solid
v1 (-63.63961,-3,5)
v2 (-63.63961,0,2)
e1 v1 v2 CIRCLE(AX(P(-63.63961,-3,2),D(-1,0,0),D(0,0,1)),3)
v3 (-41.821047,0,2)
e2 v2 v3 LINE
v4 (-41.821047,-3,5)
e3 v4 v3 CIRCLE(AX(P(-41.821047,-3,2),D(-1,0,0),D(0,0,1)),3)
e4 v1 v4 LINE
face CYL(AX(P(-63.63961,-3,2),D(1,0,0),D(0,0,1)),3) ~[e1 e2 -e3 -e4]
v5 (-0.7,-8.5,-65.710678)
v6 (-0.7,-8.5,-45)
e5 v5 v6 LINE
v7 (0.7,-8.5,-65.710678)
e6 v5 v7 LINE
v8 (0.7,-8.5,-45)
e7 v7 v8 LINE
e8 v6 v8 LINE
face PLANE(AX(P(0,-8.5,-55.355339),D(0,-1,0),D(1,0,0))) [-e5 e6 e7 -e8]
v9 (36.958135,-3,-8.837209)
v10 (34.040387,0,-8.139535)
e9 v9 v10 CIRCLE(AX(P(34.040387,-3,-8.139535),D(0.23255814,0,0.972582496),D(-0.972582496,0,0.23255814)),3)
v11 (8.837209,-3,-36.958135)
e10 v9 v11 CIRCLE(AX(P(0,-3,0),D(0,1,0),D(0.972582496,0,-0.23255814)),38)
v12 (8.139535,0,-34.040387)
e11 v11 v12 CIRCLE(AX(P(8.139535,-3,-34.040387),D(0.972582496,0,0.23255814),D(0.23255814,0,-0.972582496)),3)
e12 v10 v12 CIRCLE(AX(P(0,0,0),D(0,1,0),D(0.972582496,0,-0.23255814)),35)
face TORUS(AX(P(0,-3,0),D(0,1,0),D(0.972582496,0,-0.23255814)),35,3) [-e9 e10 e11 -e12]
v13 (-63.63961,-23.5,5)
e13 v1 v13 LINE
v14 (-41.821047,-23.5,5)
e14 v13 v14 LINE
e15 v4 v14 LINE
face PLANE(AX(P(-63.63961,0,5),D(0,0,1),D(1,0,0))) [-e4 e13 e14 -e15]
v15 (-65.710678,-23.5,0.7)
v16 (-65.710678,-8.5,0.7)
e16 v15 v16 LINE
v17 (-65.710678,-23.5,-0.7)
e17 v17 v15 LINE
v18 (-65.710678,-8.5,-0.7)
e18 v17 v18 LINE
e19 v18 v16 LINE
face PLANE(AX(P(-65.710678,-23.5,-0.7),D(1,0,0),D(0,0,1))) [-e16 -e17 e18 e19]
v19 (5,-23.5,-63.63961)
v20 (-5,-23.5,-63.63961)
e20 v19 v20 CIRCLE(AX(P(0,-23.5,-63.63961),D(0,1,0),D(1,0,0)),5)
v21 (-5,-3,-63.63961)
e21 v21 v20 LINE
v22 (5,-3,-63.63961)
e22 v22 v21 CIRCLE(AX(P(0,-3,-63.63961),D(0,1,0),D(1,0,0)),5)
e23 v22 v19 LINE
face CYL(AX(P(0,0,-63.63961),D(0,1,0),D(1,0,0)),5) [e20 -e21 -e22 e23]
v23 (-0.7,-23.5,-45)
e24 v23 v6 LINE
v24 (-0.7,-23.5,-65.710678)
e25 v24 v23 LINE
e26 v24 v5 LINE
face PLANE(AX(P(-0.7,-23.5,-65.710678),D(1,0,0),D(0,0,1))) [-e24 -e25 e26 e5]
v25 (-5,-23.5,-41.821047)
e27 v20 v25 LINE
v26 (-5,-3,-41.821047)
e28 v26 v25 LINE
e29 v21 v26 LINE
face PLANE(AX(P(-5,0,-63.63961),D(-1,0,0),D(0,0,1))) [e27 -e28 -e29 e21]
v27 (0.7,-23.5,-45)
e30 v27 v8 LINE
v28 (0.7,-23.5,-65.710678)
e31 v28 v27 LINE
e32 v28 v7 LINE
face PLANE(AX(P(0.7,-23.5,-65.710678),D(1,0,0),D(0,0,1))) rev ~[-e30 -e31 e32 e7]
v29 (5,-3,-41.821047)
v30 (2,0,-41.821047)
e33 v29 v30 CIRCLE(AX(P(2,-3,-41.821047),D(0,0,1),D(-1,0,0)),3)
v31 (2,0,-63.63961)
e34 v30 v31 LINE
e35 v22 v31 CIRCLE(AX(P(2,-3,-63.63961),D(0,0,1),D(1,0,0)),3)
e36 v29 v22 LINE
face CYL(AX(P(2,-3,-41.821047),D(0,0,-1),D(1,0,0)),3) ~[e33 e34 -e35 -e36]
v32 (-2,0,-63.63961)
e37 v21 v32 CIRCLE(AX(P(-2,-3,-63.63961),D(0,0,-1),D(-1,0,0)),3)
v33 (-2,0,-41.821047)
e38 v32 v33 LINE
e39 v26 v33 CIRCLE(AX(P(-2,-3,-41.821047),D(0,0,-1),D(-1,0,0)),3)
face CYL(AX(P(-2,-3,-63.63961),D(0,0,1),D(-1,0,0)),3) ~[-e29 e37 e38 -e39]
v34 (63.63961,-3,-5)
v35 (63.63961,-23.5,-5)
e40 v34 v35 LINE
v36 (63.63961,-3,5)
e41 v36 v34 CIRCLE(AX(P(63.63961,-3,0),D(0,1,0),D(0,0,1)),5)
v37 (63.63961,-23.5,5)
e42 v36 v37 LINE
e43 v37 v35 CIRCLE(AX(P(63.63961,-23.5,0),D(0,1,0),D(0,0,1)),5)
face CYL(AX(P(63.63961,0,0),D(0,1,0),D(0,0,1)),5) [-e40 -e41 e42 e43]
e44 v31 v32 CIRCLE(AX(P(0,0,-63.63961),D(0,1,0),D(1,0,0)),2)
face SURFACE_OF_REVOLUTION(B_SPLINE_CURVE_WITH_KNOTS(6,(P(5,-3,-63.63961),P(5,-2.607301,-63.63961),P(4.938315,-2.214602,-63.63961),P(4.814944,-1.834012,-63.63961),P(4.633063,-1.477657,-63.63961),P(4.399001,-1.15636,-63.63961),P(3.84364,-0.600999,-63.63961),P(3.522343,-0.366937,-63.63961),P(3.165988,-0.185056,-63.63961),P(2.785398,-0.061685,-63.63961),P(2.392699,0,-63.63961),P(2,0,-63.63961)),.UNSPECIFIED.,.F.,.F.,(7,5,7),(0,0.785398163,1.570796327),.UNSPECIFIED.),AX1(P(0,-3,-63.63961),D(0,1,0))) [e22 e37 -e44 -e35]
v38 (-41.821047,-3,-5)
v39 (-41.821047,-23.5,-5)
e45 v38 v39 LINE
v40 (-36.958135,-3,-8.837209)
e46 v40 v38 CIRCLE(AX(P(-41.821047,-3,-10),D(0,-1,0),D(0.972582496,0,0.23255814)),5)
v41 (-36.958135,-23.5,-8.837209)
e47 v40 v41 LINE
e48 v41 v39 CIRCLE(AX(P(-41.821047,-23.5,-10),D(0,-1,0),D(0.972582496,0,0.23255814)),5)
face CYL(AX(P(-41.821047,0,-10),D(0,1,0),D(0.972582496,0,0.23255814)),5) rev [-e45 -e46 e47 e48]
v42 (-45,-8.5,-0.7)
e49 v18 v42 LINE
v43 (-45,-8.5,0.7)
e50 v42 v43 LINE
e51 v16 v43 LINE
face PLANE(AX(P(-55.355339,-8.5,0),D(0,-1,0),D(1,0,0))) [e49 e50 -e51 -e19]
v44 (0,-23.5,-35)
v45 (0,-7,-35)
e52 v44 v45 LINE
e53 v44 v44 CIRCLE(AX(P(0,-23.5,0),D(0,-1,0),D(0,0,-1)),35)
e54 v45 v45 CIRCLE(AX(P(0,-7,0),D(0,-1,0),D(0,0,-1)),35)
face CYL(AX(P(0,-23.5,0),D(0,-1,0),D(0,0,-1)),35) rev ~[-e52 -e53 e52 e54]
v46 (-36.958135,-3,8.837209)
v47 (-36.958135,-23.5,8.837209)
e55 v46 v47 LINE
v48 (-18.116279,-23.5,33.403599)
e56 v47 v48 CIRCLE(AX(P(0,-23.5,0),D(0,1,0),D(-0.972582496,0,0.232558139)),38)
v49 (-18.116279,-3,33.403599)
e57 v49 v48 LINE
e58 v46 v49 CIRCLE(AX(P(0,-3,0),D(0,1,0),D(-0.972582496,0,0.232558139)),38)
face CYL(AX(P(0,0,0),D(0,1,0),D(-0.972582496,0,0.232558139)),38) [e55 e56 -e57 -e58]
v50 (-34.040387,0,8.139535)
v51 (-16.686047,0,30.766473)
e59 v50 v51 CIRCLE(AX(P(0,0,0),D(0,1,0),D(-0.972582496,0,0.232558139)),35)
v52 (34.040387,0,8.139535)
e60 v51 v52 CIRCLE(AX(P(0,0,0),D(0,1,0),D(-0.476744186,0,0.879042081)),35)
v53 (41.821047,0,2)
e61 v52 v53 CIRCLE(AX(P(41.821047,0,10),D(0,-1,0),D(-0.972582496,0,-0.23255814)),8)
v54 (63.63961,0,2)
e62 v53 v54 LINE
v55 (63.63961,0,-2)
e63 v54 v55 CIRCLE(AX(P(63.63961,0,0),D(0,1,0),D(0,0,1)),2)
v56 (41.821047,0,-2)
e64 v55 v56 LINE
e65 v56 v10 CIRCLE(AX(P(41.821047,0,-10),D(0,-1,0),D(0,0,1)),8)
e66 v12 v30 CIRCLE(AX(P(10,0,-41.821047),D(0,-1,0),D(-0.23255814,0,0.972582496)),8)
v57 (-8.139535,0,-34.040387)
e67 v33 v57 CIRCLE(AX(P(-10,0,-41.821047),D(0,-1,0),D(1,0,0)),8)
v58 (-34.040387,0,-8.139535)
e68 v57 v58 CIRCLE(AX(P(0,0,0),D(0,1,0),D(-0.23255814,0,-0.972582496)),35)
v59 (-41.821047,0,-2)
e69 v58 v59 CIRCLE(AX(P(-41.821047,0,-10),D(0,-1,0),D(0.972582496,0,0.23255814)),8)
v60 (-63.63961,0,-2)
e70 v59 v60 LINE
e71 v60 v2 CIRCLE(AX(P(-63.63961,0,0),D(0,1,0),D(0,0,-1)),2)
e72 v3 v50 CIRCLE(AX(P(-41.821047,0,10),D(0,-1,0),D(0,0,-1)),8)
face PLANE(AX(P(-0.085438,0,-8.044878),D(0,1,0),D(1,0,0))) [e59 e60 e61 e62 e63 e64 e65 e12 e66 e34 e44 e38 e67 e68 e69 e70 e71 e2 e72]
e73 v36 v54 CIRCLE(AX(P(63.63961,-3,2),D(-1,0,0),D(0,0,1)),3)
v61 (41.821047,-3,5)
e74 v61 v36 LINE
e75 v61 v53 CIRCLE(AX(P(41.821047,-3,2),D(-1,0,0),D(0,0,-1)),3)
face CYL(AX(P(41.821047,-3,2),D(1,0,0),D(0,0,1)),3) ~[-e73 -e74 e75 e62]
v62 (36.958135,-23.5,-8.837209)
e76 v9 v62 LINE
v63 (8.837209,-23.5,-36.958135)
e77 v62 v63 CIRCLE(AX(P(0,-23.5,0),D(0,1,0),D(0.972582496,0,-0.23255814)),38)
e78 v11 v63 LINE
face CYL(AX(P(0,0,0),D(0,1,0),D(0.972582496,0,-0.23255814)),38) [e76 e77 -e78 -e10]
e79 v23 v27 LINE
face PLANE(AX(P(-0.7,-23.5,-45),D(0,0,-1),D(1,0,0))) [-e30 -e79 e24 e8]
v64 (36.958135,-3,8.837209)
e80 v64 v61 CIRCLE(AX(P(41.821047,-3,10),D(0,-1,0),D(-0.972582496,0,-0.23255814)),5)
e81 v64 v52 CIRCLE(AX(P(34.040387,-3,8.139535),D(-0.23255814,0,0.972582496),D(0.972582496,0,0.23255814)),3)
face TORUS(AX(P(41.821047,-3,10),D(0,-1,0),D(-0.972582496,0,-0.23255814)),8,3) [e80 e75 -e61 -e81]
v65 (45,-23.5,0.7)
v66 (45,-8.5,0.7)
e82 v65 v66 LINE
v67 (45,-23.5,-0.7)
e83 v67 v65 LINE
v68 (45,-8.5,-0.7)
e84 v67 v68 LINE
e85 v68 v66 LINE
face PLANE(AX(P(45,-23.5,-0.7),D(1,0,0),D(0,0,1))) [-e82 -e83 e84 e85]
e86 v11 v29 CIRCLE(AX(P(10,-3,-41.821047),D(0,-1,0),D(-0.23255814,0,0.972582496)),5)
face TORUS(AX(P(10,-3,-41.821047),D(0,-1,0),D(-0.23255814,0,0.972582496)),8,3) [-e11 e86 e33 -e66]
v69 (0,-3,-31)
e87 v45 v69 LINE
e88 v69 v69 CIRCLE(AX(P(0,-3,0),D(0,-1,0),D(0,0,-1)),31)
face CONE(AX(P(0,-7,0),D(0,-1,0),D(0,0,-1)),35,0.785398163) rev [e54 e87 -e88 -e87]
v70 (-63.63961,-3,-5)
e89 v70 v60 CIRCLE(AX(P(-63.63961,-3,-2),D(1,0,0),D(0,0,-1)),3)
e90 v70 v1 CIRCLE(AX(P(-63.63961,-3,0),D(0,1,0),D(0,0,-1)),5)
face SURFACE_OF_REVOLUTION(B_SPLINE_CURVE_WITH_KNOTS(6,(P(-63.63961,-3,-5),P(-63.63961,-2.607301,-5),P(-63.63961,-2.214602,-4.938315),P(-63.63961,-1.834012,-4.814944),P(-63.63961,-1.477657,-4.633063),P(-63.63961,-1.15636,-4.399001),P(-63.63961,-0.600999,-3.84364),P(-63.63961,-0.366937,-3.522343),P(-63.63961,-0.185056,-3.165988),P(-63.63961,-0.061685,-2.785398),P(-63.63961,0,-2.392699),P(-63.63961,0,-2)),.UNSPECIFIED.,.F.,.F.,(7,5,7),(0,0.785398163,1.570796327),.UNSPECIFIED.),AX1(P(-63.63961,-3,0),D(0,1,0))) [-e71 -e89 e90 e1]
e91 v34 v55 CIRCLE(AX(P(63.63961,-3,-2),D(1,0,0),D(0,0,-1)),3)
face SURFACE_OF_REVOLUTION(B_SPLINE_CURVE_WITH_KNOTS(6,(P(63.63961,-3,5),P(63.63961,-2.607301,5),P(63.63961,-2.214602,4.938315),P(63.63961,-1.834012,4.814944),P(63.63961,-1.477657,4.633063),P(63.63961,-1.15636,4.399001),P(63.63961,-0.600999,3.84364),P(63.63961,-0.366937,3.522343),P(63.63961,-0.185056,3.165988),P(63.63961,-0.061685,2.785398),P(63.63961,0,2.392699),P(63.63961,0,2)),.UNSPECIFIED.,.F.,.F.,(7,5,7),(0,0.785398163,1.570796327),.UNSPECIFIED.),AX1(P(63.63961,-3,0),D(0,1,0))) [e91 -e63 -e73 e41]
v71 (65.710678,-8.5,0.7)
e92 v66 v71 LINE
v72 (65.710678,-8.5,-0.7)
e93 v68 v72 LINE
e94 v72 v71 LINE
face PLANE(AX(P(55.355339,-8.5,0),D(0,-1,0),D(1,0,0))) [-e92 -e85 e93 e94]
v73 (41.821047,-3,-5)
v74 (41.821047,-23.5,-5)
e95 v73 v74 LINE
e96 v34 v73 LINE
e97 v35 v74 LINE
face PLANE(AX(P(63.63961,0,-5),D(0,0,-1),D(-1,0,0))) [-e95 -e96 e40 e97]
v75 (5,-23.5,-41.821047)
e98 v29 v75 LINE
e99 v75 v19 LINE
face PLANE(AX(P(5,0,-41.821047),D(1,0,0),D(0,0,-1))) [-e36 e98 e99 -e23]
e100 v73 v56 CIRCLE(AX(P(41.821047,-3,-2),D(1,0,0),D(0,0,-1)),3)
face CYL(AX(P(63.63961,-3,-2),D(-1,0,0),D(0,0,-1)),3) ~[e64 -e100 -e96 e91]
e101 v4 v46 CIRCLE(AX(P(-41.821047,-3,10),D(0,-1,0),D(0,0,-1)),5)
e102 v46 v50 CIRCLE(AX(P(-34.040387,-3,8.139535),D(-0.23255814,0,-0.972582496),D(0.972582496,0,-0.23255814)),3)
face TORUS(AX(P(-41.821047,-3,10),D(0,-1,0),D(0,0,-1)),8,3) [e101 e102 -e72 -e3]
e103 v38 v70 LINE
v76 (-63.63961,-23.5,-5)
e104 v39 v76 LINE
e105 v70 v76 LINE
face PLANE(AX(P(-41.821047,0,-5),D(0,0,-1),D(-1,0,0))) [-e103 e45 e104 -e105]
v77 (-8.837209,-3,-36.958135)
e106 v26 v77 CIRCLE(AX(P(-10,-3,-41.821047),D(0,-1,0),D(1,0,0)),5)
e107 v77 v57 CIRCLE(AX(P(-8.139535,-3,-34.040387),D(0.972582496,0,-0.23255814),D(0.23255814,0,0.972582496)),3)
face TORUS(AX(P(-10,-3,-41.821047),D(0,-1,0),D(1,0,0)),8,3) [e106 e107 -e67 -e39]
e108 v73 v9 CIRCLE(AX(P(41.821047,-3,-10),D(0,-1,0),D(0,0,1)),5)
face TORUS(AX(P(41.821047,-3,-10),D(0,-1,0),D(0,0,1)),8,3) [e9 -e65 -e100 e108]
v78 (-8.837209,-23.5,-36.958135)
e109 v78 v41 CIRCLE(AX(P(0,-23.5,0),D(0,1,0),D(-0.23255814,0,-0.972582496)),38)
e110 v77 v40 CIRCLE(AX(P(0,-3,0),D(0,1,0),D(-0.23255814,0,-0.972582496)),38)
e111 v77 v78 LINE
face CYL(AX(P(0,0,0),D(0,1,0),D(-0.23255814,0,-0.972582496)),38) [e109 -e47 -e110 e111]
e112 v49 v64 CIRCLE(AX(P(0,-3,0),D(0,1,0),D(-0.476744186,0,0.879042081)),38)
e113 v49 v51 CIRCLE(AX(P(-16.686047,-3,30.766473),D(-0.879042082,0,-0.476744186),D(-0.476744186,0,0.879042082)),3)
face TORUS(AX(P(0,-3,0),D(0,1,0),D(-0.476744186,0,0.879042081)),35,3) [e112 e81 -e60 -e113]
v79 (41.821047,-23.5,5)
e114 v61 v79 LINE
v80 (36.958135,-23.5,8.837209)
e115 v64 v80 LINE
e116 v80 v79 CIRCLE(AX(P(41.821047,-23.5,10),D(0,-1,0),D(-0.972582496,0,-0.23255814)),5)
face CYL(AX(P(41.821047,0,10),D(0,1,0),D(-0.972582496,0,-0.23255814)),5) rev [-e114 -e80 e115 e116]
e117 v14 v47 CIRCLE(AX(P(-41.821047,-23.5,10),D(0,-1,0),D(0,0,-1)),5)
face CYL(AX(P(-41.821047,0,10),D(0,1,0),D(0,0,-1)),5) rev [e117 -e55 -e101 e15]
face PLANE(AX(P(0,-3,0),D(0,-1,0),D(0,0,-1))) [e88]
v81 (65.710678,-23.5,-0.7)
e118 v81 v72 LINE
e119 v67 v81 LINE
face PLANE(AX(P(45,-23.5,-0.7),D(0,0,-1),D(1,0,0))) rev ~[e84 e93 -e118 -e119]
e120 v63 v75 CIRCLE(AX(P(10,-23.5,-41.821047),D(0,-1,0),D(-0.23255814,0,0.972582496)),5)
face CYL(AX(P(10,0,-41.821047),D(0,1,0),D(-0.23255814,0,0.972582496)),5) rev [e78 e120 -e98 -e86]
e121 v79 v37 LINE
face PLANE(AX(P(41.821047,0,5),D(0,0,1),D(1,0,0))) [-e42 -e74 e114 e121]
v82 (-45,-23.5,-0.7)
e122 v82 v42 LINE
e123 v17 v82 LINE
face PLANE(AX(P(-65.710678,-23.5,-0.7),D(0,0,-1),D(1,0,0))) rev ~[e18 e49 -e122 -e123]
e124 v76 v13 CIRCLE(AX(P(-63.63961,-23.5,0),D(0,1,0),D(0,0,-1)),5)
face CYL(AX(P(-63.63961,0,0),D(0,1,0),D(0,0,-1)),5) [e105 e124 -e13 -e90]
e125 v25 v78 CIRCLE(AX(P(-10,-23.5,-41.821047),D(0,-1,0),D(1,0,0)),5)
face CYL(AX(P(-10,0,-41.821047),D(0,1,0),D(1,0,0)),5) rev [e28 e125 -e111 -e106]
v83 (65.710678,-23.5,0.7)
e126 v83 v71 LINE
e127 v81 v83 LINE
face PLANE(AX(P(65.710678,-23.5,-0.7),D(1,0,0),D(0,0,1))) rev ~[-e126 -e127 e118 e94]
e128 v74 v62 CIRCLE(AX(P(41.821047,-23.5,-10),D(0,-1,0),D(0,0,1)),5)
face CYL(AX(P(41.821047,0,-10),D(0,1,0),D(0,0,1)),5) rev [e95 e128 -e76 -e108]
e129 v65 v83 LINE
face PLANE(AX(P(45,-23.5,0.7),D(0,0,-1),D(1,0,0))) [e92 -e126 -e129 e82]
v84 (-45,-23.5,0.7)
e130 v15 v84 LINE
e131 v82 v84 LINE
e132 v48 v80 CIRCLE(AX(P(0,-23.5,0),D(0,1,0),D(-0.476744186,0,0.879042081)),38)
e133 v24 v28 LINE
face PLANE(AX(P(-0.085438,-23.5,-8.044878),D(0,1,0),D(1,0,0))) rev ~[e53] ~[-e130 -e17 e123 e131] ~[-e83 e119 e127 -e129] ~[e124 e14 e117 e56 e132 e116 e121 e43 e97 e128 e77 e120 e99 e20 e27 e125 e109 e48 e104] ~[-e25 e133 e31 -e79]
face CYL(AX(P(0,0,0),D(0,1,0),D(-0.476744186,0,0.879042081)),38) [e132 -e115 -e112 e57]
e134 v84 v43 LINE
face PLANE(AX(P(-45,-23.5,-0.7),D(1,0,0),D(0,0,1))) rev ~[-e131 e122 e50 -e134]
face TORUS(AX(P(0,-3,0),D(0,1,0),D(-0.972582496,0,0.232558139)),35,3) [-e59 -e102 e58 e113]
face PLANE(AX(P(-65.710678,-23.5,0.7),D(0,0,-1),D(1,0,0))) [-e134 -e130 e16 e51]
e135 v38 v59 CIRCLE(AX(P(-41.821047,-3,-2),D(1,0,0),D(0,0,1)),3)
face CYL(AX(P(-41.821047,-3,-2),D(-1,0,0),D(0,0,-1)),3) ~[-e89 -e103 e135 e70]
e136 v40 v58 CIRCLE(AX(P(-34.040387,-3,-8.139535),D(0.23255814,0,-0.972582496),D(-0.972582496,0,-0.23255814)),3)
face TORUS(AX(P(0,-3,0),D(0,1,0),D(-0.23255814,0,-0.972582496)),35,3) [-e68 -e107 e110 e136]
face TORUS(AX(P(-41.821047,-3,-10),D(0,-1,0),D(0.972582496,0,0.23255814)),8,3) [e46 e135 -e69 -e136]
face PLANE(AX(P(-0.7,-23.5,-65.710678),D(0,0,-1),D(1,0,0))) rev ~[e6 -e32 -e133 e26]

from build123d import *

# Parameters (mm, degrees)
BOSS_EXTRU_1_DEPTH      = 23.5
ESQUISSE2_W             = 20.710678119
ESQUISSE2_H             = 1.4
ESQUISSE2_W_2           = 1.4
ESQUISSE2_H_2           = 20.710678119
ENL_V_MAT_EXTRU_1_DEPTH = 15
ESQUISSE3_R             = 35
ENL_V_MAT_EXTRU_2_DEPTH = 20.5
CHANFREIN1_SIZE         = 4
CONG_1_R                = 3


with BuildPart() as part:
    # Esquisse1 → Boss.-Extru.1 (new body)
    with BuildSketch(Plane(origin=(0, 0, 0), x_dir=(1, 0, 0), z_dir=(0, 1, 0))):
        with BuildLine():
            Line((41.821047333, -5), (63.639610307, -5))
            ThreePointArc((63.639610307, -5), (68.639610307, 0), (63.639610307, 5))
            Line((63.639610307, 5), (41.821047333, 5))
            ThreePointArc((41.821047333, 5), (38.723786728, 6.074827807), (36.958134852, 8.837209302))
            ThreePointArc((36.958134852, 8.837209302), (26.870057685, 26.870057685), (8.837209302, 36.958134852))
            ThreePointArc((8.837209302, 36.958134852), (6.074827807, 38.723786728), (5, 41.821047333))
            Line((5, 41.821047333), (5, 63.639610307))
            ThreePointArc((5, 63.639610307), (0, 68.639610307), (-5, 63.639610307))
            Line((-5, 63.639610307), (-5, 41.821047333))
            ThreePointArc((-5, 41.821047333), (-6.074827807, 38.723786728), (-8.837209302, 36.958134852))
            ThreePointArc((-8.837209302, 36.958134852), (-26.870057685, 26.870057685), (-36.958134852, 8.837209302))
            ThreePointArc((-36.958134852, 8.837209302), (-38.723786728, 6.074827807), (-41.821047333, 5))
            Line((-41.821047333, 5), (-63.639610307, 5))
            ThreePointArc((-63.639610307, 5), (-68.639610307, 0), (-63.639610307, -5))
            Line((-63.639610307, -5), (-41.821047333, -5))
            ThreePointArc((-41.821047333, -5), (-38.723786728, -6.074827807), (-36.958134852, -8.837209302))
            ThreePointArc((-36.958134852, -8.837209302), (-30.152523014, -23.126291443), (-18.11627907, -33.403599097))
            ThreePointArc((-18.11627907, -33.403599097), (15.480011603, -34.704023409), (36.958134852, -8.837209302))
            ThreePointArc((36.958134852, -8.837209302), (38.723786728, -6.074827807), (41.821047333, -5))
        make_face()
    extrude(amount=-BOSS_EXTRU_1_DEPTH)

    # Esquisse2 → Enlèv. mat.-Extru.1 (cut)
    with BuildSketch(Plane.XZ.offset(23.5)):
        with Locations((55.35533906, 0)):
            Rectangle(ESQUISSE2_W, ESQUISSE2_H)
        with Locations((0, -55.35533906)):
            Rectangle(ESQUISSE2_W_2, ESQUISSE2_H_2)
        with Locations((-55.35533906, 0)):
            Rectangle(ESQUISSE2_W, ESQUISSE2_H)
    extrude(amount=-ENL_V_MAT_EXTRU_1_DEPTH, mode=Mode.SUBTRACT)

    # Esquisse3 → Enlèv. mat.-Extru.2 (cut)
    with BuildSketch(Plane.XZ.offset(23.5)):
        with Locations(Location((0, 0, 0), (0, 0, 270))):
            Circle(ESQUISSE3_R)
    extrude(amount=-ENL_V_MAT_EXTRU_2_DEPTH, mode=Mode.SUBTRACT)

    # Chanfrein1
    chanfrein1_edges = [part.edges().sort_by_distance(p)[0] for p in [
        (0, -3, 35),
    ]]
    chamfer(chanfrein1_edges, length=CHANFREIN1_SIZE)

    # Congé1
    cong_1_edges = [part.edges().sort_by_distance(p)[0] for p in [
        (68.639610307, 0, 0),
        (52.73032882, 0, -5),
        (38.723786728, 0, -6.074827807),
        (26.870057685, 0, -26.870057685),
        (6.074827807, 0, -38.723786728),
        (5, 0, -52.73032882),
        (0, 0, -68.639610307),
        (-5, 0, -52.73032882),
        (-6.074827807, 0, -38.723786728),
        (-26.870057685, 0, -26.870057685),
        (-38.723786728, 0, -6.074827807),
        (-52.73032882, 0, -5),
        (-68.639610307, 0, 0),
        (-52.73032882, 0, 5),
        (-38.723786728, 0, 6.074827807),
        (0, 0, 38),
        (38.723786728, 0, 6.074827807),
        (52.73032882, 0, 5),
    ]]
    fillet(cong_1_edges, radius=CONG_1_R)


solid = part.part
